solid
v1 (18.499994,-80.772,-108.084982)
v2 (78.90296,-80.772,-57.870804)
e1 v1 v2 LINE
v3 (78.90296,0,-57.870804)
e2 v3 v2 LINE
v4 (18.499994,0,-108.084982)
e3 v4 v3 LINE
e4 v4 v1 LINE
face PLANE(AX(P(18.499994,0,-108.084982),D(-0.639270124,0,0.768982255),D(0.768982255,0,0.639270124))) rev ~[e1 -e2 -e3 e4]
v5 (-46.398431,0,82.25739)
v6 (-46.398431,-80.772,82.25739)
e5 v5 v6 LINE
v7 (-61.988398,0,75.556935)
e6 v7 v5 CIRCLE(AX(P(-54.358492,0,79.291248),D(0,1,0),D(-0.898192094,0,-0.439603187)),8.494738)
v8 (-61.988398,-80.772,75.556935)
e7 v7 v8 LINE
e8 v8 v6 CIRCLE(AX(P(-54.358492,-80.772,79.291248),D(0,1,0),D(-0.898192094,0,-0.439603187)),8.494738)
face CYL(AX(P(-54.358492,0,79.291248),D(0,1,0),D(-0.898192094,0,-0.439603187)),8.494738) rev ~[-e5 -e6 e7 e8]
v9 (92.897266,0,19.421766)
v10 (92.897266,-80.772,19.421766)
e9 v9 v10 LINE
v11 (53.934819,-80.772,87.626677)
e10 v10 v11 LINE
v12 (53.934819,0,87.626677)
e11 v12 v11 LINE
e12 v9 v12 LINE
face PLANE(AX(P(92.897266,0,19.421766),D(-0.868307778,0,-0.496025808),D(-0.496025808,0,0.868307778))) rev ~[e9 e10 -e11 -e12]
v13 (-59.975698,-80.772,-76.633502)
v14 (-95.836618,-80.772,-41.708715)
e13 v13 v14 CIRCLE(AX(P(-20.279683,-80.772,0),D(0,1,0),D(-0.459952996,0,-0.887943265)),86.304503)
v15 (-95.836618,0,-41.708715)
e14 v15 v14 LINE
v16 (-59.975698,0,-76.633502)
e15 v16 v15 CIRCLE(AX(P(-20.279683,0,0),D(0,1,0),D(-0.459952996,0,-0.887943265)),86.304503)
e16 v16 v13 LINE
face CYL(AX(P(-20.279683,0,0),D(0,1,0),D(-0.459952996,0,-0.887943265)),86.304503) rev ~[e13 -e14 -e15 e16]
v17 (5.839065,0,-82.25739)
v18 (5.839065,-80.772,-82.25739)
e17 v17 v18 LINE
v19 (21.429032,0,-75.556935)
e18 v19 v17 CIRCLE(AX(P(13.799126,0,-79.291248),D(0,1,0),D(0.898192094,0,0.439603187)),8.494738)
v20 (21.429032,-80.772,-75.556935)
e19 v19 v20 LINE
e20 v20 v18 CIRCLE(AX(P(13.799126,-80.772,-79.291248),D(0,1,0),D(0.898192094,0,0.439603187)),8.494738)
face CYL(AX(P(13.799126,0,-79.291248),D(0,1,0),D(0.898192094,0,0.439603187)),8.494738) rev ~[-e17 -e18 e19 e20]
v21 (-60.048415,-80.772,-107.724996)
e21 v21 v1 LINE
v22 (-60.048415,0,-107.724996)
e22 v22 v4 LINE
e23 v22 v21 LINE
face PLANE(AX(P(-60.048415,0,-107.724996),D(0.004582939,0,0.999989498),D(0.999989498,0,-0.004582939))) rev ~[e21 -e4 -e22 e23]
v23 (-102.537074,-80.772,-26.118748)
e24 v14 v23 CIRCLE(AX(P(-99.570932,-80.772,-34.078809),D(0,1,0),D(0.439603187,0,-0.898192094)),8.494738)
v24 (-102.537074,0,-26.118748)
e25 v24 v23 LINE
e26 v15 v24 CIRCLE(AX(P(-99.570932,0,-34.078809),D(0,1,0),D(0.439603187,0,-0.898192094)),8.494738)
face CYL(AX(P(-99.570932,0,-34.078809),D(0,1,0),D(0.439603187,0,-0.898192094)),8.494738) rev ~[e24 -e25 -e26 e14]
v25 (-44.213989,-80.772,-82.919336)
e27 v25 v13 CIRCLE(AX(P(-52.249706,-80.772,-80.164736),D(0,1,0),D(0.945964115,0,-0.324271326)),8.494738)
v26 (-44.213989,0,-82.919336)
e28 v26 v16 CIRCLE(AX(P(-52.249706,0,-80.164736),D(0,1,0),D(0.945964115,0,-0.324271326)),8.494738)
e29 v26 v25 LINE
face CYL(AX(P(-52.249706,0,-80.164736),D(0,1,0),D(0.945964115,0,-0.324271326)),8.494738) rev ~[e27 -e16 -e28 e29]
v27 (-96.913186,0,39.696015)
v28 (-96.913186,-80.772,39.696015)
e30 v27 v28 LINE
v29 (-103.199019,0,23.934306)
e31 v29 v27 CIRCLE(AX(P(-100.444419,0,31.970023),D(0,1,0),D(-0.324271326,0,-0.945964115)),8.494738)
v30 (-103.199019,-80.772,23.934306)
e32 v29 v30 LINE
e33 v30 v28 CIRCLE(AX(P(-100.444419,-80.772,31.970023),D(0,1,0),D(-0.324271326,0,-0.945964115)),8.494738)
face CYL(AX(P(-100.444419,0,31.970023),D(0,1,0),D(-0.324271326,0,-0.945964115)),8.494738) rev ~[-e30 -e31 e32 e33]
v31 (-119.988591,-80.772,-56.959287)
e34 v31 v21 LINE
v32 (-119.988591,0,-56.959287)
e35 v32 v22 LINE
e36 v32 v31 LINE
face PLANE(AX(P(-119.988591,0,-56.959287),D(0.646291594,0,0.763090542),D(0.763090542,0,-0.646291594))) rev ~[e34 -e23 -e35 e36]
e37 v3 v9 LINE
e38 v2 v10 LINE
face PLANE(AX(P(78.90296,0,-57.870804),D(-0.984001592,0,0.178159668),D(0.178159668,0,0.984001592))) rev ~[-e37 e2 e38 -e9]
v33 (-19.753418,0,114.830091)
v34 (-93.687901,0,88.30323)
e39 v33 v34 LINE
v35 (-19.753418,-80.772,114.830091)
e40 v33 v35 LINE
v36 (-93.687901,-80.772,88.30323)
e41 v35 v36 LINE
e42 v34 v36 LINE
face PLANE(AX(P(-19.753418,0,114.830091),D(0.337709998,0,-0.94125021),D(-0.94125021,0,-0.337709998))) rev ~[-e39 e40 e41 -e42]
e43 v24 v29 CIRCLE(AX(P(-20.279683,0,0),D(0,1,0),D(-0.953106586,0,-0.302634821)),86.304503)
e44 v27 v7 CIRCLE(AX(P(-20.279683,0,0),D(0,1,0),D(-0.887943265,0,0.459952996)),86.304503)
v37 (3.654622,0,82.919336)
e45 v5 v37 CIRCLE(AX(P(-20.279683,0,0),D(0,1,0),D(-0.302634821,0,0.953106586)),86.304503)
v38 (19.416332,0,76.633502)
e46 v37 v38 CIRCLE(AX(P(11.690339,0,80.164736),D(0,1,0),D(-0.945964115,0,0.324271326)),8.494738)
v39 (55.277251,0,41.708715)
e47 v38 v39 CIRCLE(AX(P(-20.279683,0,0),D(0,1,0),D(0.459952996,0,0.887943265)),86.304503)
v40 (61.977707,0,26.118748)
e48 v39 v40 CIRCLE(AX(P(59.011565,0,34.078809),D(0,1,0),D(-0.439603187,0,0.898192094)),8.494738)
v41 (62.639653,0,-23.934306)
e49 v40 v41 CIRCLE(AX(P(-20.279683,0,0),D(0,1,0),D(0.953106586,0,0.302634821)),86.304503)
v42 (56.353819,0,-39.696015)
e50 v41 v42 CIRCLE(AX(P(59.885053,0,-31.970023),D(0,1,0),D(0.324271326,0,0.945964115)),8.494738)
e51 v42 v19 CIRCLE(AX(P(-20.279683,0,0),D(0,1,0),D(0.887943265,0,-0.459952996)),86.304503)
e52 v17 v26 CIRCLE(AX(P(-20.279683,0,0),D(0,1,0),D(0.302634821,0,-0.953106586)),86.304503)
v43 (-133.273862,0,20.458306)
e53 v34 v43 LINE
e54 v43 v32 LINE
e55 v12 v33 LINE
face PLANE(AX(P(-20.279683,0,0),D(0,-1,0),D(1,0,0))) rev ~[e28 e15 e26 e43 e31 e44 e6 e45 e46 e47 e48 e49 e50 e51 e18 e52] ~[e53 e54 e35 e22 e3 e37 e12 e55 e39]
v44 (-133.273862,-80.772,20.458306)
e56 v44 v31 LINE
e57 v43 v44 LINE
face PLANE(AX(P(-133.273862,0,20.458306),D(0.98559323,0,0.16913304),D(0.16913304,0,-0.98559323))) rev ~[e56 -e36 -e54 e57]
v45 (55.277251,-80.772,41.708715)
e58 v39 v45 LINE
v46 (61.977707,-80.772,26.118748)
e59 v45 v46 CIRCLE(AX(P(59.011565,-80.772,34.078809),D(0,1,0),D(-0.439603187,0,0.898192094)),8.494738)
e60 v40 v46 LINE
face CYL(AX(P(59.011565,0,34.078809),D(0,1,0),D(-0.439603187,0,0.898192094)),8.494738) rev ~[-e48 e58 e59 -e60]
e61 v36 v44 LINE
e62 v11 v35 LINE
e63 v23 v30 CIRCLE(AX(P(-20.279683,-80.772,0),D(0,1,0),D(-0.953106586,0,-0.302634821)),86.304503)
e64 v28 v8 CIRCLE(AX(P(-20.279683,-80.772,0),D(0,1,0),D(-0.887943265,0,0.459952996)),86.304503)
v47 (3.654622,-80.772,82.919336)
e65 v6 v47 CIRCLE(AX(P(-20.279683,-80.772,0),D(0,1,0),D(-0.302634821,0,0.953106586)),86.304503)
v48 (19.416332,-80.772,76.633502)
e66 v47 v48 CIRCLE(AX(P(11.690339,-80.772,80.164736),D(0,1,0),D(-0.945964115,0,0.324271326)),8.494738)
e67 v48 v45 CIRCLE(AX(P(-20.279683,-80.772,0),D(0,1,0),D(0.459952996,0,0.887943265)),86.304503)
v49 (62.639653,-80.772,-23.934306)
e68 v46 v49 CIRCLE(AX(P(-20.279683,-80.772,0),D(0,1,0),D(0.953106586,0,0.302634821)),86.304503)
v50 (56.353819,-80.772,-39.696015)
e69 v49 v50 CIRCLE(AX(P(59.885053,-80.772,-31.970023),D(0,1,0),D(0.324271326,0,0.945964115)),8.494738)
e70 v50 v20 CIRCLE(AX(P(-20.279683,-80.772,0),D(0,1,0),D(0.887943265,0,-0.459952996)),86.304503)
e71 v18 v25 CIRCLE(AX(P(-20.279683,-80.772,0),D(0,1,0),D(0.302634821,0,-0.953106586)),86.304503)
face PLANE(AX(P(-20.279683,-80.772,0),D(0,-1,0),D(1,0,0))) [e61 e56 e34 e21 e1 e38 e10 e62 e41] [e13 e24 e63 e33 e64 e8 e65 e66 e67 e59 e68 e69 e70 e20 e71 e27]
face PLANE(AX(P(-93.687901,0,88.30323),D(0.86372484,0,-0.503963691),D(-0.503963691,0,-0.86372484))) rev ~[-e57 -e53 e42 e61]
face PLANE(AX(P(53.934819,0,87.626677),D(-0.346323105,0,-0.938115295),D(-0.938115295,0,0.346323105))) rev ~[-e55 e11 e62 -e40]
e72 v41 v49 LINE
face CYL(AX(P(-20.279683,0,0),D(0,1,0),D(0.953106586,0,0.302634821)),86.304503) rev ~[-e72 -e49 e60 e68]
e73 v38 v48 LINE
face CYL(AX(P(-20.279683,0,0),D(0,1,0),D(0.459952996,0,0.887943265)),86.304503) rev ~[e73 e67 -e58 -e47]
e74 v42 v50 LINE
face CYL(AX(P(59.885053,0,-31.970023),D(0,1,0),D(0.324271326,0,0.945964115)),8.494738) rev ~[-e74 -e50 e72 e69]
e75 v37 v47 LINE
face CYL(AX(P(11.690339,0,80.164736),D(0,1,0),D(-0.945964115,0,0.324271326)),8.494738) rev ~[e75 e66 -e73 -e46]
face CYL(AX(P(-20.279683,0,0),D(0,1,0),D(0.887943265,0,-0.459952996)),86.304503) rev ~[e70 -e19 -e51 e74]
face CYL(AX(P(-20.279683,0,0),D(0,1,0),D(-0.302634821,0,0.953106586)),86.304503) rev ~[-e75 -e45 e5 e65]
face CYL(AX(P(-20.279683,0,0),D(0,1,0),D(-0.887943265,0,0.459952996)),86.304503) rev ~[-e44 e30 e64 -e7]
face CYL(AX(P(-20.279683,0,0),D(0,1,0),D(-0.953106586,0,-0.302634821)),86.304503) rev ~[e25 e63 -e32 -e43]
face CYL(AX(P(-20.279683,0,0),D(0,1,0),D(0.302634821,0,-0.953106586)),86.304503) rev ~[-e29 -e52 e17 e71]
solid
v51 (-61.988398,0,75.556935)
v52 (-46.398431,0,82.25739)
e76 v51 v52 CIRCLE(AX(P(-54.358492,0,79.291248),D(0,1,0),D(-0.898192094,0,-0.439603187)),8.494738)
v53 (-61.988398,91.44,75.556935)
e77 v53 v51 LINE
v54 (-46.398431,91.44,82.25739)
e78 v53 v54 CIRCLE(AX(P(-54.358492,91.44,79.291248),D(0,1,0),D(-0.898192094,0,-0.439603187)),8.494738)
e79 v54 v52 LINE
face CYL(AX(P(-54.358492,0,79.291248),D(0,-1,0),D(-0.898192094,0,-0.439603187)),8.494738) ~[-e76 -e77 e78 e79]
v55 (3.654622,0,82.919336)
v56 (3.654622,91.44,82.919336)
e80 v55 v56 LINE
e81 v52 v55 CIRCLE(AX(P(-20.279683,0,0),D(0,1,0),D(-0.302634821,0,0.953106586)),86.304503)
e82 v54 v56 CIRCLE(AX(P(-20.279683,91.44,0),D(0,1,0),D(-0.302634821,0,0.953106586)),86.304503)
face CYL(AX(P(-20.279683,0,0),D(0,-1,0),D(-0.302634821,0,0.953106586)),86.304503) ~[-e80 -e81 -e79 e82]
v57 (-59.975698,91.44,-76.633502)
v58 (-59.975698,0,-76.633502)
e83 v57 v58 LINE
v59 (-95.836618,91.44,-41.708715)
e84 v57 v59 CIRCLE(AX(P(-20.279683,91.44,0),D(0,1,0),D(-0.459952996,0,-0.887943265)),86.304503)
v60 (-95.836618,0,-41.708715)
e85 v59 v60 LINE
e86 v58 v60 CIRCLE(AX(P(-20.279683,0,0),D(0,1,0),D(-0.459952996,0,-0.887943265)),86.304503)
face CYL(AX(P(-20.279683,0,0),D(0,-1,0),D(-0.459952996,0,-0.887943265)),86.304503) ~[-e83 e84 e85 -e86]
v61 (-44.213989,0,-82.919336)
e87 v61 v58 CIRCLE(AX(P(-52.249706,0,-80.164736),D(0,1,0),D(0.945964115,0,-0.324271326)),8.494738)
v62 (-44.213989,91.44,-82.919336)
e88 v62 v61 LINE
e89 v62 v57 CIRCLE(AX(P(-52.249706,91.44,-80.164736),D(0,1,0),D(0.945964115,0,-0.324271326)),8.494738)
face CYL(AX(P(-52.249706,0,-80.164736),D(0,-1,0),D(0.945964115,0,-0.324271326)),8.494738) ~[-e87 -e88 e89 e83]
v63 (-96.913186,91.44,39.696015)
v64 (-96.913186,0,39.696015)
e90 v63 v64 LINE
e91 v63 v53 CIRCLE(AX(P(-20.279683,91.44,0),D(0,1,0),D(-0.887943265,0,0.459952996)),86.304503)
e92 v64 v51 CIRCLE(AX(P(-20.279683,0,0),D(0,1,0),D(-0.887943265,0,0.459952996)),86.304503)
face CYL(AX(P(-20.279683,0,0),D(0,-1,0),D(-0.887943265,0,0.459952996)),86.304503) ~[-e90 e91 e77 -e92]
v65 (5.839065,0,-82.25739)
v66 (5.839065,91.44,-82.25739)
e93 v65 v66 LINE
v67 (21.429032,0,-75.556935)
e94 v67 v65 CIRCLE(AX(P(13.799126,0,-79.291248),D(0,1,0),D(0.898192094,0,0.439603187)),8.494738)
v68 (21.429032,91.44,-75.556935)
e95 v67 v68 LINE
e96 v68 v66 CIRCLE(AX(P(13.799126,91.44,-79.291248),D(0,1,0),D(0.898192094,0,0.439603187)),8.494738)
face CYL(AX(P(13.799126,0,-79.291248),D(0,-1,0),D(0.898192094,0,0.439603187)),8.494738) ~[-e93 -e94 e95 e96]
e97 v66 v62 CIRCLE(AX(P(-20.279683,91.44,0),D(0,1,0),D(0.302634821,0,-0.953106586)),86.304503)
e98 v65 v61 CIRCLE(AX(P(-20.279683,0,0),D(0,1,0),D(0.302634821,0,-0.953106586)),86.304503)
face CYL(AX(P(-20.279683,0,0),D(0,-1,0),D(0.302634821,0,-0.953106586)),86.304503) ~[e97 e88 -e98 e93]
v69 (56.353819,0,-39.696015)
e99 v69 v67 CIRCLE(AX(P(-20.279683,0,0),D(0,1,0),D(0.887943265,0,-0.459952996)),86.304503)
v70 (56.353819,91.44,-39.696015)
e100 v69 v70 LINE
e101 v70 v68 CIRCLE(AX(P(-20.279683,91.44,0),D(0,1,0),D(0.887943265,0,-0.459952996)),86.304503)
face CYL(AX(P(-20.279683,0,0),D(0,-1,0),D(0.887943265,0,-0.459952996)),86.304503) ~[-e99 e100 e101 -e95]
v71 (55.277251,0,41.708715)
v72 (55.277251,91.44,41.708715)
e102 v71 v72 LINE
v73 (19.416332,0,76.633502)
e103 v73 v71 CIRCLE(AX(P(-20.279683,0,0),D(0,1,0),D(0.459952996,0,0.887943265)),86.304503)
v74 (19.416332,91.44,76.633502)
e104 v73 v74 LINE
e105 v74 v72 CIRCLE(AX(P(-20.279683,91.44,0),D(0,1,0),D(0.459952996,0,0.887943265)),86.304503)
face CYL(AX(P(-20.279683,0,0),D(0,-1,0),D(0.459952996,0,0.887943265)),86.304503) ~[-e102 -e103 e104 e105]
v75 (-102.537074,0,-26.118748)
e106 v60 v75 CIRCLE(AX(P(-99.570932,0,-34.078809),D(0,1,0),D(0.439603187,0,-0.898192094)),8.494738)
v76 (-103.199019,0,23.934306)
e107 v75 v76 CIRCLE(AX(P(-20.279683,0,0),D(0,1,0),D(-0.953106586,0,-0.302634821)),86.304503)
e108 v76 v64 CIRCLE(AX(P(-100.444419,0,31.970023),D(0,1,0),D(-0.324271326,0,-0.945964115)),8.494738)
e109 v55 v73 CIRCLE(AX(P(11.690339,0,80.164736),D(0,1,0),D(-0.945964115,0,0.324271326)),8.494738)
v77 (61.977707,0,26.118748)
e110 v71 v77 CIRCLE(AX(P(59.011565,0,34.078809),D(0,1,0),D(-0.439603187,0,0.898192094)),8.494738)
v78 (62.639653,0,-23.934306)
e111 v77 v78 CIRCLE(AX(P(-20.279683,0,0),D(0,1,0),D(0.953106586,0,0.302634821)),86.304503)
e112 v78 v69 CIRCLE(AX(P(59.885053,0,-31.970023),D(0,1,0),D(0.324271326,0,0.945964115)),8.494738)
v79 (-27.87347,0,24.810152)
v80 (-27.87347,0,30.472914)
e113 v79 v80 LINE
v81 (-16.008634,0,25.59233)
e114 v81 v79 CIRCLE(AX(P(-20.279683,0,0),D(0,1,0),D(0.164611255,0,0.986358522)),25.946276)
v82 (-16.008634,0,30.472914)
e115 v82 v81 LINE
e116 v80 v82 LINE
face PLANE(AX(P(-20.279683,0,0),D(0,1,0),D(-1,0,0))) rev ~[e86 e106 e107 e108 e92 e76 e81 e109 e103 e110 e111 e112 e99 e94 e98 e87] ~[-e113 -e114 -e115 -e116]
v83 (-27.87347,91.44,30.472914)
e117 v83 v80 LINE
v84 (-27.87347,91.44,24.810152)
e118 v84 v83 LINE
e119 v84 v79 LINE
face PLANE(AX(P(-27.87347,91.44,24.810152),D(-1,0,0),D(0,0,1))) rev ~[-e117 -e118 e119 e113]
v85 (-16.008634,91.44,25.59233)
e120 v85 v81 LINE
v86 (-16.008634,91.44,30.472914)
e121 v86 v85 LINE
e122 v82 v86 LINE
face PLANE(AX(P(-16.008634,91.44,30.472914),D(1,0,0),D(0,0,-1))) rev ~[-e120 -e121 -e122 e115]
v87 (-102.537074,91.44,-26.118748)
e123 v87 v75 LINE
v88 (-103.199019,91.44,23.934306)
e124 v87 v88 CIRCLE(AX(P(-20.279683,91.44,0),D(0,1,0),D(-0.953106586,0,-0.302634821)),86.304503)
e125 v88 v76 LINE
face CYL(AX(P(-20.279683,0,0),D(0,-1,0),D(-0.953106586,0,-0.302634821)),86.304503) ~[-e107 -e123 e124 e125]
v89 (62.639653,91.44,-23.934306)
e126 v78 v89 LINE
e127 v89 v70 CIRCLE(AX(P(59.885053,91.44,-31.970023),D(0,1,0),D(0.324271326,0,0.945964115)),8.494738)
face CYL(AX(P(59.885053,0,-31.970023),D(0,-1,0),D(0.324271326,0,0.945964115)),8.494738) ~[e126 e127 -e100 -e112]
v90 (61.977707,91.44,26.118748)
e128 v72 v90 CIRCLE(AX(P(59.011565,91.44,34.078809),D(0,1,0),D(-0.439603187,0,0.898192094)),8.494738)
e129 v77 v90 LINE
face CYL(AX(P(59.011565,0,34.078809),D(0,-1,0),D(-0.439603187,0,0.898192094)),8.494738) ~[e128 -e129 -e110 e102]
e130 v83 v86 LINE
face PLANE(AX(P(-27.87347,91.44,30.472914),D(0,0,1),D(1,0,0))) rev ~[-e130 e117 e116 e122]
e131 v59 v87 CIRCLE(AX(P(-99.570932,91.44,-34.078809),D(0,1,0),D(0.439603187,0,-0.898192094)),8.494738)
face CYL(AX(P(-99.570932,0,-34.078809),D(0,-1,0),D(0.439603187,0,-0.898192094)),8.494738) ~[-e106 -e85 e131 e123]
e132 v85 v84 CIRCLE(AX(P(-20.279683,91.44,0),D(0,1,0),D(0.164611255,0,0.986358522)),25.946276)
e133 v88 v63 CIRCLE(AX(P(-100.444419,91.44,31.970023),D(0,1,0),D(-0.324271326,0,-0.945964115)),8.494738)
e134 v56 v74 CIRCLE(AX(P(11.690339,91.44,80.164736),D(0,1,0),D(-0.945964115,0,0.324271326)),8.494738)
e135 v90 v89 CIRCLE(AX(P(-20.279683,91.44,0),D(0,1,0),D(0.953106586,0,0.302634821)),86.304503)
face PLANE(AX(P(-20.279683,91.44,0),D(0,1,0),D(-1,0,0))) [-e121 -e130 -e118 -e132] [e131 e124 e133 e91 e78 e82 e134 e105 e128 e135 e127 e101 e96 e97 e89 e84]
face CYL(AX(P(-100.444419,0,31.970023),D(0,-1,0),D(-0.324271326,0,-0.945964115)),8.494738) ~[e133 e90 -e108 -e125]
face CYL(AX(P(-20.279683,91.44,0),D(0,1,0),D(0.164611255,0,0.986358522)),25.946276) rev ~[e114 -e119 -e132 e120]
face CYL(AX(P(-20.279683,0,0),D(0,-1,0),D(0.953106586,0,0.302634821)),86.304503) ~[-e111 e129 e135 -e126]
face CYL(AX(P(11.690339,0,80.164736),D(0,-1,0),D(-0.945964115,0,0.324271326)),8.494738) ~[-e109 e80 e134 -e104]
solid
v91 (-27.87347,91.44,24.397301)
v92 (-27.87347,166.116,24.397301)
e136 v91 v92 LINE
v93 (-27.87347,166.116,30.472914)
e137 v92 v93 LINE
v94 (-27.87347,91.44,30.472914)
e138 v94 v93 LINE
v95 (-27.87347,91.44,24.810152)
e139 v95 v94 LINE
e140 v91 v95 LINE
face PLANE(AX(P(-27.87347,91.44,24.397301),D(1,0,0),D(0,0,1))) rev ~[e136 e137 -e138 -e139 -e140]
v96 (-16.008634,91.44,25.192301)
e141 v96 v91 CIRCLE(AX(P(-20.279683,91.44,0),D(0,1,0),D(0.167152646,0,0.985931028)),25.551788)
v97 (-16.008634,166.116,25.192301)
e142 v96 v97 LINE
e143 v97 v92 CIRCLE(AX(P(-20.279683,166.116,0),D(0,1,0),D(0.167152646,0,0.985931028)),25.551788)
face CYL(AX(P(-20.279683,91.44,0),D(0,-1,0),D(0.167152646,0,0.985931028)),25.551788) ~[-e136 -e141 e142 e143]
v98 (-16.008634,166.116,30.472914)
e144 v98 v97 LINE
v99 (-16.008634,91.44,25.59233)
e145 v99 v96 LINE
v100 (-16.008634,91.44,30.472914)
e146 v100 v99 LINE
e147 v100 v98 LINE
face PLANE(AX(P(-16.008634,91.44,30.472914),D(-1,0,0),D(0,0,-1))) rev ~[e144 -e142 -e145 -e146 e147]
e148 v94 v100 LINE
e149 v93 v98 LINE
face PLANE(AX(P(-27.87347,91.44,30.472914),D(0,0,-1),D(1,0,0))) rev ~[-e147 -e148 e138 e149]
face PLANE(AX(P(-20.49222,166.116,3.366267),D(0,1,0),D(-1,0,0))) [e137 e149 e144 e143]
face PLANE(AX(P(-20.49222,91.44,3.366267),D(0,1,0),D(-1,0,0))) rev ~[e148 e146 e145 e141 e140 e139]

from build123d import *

# Parameters (mm, degrees)
F1_DEPTH = 80.772
F2_R     = 48.2897406473
F3_DEPTH = 91.44
F5_DEPTH = 218.694
F7_DEPTH = 74.676
F8_DEPTH = 15.494


with BuildPart() as f1:
    # F0 (on Front) → F1 (new body)
    with BuildSketch(Plane.XZ):
        Polygon((78.9029603352, -57.8708041925), (92.8972656379, 19.4217663724), (53.9348187704, 87.6266766027), (-19.7534183585, 114.8300909886), (-93.6879006429, 88.3032296066), (-133.2738621314, 20.4583057106), (-119.9885914948, -56.9592867961), (-60.0484145132, -107.724995979), (18.4999938429, -108.0849823133), align=None)
        with BuildLine():
            ThreePointArc((-96.9131855193, 39.6960148153), (-82.1078442057, 60.2141659197), (-61.988398234, 75.5569345729))
            ThreePointArc((-61.988398234, 75.5569345729), (-57.7127844254, 87.0956887984), (-46.398431086, 82.2573904373))
            ThreePointArc((-46.398431086, 82.2573904373), (-21.4209500621, 86.29695698), (3.654622375, 82.9193360566))
            ThreePointArc((3.654622375, 82.9193360566), (14.8370692522, 88.0551518981), (19.4163316426, 76.6335023466))
            ThreePointArc((19.4163316426, 76.6335023466), (39.9344827469, 61.828161033), (55.2772514002, 41.7087150613))
            ThreePointArc((55.2772514002, 41.7087150613), (66.8160056257, 37.4331012527), (61.9777072646, 26.1187479133))
            ThreePointArc((61.9777072646, 26.1187479133), (66.0172738073, 1.1412668894), (62.6396528839, -23.9343055477))
            ThreePointArc((62.6396528839, -23.9343055477), (67.7754687254, -35.1167524249), (56.3538191739, -39.6960148153))
            ThreePointArc((56.3538191739, -39.6960148153), (41.5484778603, -60.2141659197), (21.4290318886, -75.5569345729))
            ThreePointArc((21.4290318886, -75.5569345729), (17.15341808, -87.0956887984), (5.8390647406, -82.2573904373))
            ThreePointArc((5.8390647406, -82.2573904373), (-19.1384162833, -86.29695698), (-44.2139887204, -82.9193360566))
            ThreePointArc((-44.2139887204, -82.9193360566), (-55.3964355976, -88.0551518981), (-59.975697988, -76.6335023466))
            ThreePointArc((-59.975697988, -76.6335023466), (-80.4938490924, -61.828161033), (-95.8366177456, -41.7087150613))
            ThreePointArc((-95.8366177456, -41.7087150613), (-107.3753719711, -37.4331012527), (-102.53707361, -26.1187479133))
            ThreePointArc((-102.53707361, -26.1187479133), (-106.5766401527, -1.1412668894), (-103.1990192293, 23.9343055477))
            ThreePointArc((-103.1990192293, 23.9343055477), (-108.3348350708, 35.1167524249), (-96.9131855193, 39.6960148153))
        make_face(mode=Mode.SUBTRACT)
    extrude(amount=F1_DEPTH)


with BuildPart() as f3:
    # F2 (on face) → F3 (new body)
    with BuildSketch(Plane(origin=(0, 0, 0), x_dir=(-1, 0, 0), z_dir=(0, 1, 0))):
        with BuildLine():
            ThreePointArc((46.398431086, 82.2573904373), (21.4209500621, 86.29695698), (-3.654622375, 82.9193360566))
            ThreePointArc((-3.654622375, 82.9193360566), (-14.8370692522, 88.0551518981), (-19.4163316426, 76.6335023466))
            ThreePointArc((-19.4163316426, 76.6335023466), (-39.9344827469, 61.828161033), (-55.2772514002, 41.7087150613))
            ThreePointArc((-55.2772514002, 41.7087150613), (-66.8160056257, 37.4331012527), (-61.9777072646, 26.1187479133))
            ThreePointArc((-61.9777072646, 26.1187479133), (-66.0172738073, 1.1412668894), (-62.6396528839, -23.9343055477))
            ThreePointArc((-62.6396528839, -23.9343055477), (-67.7754687254, -35.1167524249), (-56.3538191739, -39.6960148153))
            ThreePointArc((-56.3538191739, -39.6960148153), (-41.5484778603, -60.2141659197), (-21.4290318886, -75.5569345729))
            ThreePointArc((-21.4290318886, -75.5569345729), (-17.15341808, -87.0956887984), (-5.8390647406, -82.2573904373))
            ThreePointArc((-5.8390647406, -82.2573904373), (19.1384162833, -86.29695698), (44.2139887204, -82.9193360566))
            ThreePointArc((44.2139887204, -82.9193360566), (55.3964355976, -88.0551518981), (59.975697988, -76.6335023466))
            ThreePointArc((59.975697988, -76.6335023466), (80.4938490924, -61.828161033), (95.8366177456, -41.7087150613))
            ThreePointArc((95.8366177456, -41.7087150613), (107.3753719711, -37.4331012527), (102.53707361, -26.1187479133))
            ThreePointArc((102.53707361, -26.1187479133), (106.5766401527, -1.1412668894), (103.1990192293, 23.9343055477))
            ThreePointArc((103.1990192293, 23.9343055477), (108.3348350708, 35.1167524249), (96.9131855193, 39.6960148153))
            ThreePointArc((96.9131855193, 39.6960148153), (82.1078442057, 60.2141659197), (61.988398234, 75.5569345729))
            ThreePointArc((61.988398234, 75.5569345729), (57.7127844254, 87.0956887984), (46.398431086, 82.2573904373))
        make_face()
        with Locations((20.2796831727, 0)):
            Circle(F2_R, mode=Mode.SUBTRACT)
        with Locations((20.2796831727, 0)):
            Circle(F2_R)
    extrude(amount=F3_DEPTH)

    # F4 (on face) → F5 (cut)
    with BuildSketch(Plane(origin=(0, 91.44, 0), x_dir=(-1, 0, 0), z_dir=(0, 1, 0))):
        with BuildLine():
            Line((16.0086341202, 30.472913757), (16.0086341202, 25.5923304851))
            ThreePointArc((16.0086341202, 25.5923304851), (18.5729035963, -25.890078083), (27.8734695166, 24.8101521283))
            Line((27.8734695166, 24.8101521283), (27.8734695166, 30.472913757))
            Line((27.8734695166, 30.472913757), (16.0086341202, 30.472913757))
        make_face()
    extrude(amount=-F5_DEPTH, mode=Mode.SUBTRACT)

    # F8 (add): a face of the model
    f8_faces = [f3.faces().sort_by_distance(p)[0] for p in [
        (-80.311361603, 91.44, 58.4645796519),
    ]]


with BuildPart() as f7:
    # F6 (on face) → F7 (new body)
    with BuildSketch(Plane(origin=(0, 91.44, 0), x_dir=(-1, 0, 0), z_dir=(0, 1, 0))):
        with BuildLine():
            Line((16.0086341202, 30.472913757), (16.0086341202, 25.1923010677))
            ThreePointArc((16.0086341202, 25.1923010677), (18.5714232378, -25.4946218071), (27.8734695166, 24.3973011224))
            Line((27.8734695166, 24.3973011224), (27.8734695166, 30.472913757))
            Line((27.8734695166, 30.472913757), (16.0086341202, 30.472913757))
        make_face()
    extrude(amount=F7_DEPTH)


with BuildPart() as f3_1:
    add(f3.part)

    add(f7.part)  # F8 merges F7
    extrude(f8_faces, amount=-F8_DEPTH)


solid = Compound([f1.part, f3_1.part])
